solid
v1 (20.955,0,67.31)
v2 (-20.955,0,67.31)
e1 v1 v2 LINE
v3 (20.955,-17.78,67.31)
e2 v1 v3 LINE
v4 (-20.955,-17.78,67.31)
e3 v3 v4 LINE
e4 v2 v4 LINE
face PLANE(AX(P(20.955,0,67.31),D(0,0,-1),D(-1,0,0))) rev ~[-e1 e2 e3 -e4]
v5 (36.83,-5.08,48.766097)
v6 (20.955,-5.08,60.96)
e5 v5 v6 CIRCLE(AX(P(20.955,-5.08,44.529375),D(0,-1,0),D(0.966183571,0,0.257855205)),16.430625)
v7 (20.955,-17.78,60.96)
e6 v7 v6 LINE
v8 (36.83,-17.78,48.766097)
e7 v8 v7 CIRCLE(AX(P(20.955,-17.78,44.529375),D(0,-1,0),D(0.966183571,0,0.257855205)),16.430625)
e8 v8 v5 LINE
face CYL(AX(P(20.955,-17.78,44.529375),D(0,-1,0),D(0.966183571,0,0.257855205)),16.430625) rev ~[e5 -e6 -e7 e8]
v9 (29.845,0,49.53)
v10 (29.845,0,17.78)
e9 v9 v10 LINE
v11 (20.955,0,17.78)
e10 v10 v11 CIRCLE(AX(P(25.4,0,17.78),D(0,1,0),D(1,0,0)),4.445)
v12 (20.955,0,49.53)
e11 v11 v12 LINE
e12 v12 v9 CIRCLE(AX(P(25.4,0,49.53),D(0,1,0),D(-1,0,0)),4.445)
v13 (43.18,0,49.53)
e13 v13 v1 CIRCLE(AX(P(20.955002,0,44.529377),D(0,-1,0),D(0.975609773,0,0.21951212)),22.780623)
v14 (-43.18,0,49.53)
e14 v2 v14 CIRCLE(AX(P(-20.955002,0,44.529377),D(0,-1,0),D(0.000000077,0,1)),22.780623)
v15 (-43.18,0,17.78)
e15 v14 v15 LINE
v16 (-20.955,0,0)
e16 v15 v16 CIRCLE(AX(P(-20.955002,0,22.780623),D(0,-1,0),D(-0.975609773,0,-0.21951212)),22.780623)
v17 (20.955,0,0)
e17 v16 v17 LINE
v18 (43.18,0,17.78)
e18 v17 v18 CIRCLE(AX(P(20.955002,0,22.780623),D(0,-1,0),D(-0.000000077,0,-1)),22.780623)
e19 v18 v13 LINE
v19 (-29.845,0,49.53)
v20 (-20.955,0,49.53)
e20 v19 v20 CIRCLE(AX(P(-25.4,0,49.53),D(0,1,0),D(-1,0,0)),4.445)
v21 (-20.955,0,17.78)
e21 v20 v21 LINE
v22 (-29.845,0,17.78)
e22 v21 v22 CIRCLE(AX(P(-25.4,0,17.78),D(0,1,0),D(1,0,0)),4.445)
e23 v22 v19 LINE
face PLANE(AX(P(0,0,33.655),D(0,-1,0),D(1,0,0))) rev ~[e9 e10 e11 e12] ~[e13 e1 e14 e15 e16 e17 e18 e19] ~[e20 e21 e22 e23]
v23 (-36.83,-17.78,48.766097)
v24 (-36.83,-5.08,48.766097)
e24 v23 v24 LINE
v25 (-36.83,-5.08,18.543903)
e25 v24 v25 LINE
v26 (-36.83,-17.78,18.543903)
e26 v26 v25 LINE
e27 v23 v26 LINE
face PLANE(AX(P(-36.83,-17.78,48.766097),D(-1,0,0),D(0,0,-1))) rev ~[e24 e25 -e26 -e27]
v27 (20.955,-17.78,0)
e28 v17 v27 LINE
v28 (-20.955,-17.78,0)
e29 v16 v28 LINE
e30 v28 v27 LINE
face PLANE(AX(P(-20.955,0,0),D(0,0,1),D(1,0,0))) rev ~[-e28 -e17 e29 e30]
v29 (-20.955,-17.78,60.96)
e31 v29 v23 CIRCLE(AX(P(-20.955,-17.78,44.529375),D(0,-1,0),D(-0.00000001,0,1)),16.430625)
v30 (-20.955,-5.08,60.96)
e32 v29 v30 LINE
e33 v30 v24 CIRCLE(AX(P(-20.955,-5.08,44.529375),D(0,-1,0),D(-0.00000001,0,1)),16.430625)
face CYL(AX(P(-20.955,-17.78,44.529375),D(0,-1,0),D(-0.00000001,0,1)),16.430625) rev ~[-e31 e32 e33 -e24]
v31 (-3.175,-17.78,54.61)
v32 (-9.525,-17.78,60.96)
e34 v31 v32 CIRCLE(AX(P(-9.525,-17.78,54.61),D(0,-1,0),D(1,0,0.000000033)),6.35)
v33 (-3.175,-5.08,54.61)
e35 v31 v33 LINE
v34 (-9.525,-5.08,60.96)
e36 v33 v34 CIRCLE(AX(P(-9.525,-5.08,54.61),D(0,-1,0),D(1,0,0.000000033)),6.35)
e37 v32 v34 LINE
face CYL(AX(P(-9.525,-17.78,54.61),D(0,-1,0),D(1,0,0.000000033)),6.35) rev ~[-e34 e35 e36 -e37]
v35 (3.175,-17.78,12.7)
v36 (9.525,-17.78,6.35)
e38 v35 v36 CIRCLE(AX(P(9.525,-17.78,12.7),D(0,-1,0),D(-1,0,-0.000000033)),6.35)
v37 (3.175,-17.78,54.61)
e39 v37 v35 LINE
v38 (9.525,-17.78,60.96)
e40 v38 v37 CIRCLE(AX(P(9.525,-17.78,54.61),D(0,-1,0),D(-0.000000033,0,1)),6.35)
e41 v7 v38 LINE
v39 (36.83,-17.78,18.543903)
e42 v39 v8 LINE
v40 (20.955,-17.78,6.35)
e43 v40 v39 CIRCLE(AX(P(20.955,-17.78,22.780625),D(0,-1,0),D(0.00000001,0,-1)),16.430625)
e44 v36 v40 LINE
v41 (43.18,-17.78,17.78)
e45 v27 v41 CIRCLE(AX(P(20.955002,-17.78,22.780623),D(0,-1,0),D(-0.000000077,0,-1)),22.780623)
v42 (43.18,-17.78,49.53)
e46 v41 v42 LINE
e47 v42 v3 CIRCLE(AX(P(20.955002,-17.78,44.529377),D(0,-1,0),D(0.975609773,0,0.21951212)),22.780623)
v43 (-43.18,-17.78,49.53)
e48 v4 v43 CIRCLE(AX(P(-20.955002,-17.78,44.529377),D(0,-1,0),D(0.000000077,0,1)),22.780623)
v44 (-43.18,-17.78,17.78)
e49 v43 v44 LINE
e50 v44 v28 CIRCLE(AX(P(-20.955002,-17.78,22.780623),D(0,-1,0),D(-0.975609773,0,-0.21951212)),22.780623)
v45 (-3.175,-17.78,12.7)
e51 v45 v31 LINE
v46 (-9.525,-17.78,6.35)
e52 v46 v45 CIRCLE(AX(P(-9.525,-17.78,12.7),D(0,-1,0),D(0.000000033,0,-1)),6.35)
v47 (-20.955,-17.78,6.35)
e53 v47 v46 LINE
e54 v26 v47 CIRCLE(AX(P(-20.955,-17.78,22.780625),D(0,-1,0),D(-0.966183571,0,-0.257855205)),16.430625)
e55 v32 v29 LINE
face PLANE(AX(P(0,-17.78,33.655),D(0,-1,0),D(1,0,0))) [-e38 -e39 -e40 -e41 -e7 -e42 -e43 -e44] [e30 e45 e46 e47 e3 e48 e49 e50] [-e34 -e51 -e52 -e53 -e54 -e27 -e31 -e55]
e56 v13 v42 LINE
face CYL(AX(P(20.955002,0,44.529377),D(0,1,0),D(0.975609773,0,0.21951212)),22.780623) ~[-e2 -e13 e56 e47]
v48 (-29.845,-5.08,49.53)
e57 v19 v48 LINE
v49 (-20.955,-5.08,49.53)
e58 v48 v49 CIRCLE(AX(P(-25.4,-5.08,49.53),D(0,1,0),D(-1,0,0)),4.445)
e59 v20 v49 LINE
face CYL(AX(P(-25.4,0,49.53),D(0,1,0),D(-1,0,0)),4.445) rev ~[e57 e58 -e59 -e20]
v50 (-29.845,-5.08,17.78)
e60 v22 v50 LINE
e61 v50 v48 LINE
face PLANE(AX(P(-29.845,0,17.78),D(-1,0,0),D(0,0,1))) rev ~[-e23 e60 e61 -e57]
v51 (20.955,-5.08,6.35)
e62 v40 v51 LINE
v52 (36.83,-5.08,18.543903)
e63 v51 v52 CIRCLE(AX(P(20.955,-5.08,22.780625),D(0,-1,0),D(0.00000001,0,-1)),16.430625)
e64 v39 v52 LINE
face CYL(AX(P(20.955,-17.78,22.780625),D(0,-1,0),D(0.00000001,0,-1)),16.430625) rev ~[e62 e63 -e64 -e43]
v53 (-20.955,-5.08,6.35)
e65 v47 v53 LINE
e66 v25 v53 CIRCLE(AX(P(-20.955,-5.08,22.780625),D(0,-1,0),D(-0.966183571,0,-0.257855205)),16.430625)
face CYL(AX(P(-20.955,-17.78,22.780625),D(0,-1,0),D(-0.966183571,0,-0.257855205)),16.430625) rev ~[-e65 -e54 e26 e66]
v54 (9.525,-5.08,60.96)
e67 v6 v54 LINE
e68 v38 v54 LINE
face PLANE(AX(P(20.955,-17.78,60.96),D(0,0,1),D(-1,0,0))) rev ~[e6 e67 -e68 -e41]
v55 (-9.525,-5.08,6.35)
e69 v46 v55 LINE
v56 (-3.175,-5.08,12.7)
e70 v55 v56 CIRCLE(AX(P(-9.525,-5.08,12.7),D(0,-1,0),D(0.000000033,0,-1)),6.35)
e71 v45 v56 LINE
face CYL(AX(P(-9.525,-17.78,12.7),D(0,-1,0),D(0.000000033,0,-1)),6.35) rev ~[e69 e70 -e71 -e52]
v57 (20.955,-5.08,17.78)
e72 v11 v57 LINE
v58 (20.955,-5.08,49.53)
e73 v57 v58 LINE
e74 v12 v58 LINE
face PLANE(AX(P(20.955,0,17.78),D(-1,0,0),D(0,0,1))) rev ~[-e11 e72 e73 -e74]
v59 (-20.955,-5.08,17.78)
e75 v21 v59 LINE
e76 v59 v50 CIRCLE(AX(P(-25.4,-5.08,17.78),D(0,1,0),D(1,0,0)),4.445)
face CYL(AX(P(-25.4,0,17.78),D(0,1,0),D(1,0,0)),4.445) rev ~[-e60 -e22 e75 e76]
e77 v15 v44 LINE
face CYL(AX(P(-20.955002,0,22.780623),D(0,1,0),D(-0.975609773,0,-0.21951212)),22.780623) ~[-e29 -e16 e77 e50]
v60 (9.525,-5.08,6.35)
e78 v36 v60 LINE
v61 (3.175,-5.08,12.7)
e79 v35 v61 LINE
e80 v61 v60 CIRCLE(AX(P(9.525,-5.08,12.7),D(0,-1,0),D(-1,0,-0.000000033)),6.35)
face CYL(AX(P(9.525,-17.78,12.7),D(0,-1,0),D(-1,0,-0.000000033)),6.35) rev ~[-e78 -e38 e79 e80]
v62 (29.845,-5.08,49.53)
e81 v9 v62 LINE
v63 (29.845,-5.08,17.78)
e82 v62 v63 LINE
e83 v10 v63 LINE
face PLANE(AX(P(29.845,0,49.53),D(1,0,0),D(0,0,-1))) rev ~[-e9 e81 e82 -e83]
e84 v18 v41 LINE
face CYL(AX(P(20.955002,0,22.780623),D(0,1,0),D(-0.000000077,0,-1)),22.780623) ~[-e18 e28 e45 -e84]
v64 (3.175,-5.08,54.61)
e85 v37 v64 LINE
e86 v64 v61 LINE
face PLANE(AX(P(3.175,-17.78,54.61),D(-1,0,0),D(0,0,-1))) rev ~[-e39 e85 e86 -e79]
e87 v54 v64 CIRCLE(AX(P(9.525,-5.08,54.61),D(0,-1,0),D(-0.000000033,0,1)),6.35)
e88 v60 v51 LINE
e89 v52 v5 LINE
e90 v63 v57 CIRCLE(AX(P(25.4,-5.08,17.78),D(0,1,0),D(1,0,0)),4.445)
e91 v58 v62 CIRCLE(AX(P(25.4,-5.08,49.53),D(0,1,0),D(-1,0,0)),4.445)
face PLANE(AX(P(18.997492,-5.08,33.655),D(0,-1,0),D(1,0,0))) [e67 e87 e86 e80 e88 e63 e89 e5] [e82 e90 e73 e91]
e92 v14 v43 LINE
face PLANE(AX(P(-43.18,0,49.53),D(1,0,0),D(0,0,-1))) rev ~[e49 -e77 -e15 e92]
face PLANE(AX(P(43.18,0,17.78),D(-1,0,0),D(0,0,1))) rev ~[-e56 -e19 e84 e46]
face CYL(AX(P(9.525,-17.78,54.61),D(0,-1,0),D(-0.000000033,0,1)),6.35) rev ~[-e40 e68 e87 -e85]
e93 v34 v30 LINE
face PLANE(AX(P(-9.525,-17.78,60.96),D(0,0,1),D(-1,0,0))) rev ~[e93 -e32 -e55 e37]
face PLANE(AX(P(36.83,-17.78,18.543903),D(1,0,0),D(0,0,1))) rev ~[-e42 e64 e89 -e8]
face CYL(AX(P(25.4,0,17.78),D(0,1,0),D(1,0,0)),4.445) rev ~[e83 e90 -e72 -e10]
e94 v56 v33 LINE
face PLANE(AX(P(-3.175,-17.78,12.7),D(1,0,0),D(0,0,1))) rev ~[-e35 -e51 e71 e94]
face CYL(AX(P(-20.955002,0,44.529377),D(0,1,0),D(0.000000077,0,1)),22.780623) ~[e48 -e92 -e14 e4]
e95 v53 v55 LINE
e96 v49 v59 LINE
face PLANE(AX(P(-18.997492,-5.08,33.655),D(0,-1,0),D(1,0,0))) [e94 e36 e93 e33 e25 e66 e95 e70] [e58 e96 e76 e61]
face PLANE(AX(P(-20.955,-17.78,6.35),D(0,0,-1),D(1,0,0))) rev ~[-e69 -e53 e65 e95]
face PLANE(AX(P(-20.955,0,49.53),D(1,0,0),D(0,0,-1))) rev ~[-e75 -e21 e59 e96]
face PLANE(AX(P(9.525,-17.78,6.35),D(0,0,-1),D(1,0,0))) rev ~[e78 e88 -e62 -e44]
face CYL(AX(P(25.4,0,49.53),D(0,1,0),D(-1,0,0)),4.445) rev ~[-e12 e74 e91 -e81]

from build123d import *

# Parameters (mm, degrees)
F1_DEPTH = 17.78
F3_DEPTH = 12.7


with BuildPart() as f1:
    # F0 (on Front) → F1 (new body)
    with BuildSketch(Plane.XZ):
        with BuildLine():
            Line((-43.18, 33.655), (-43.18, 17.78))
            ThreePointArc((-43.18, 17.78), (-35.185944, 4.991945), (-20.955, 0))
            Line((-20.955, 0), (0, 0))
            Line((0, 0), (20.955, 0))
            ThreePointArc((20.955, 0), (35.185944, 4.991945), (43.18, 17.78))
            Line((43.18, 17.78), (43.18, 33.655))
            Line((43.18, 33.655), (43.18, 49.53))
            ThreePointArc((43.18, 49.53), (35.185944, 62.318055), (20.955, 67.31))
            Line((20.955, 67.31), (0, 67.31))
            Line((0, 67.31), (-20.955, 67.31))
            ThreePointArc((-20.955, 67.31), (-35.185944, 62.318055), (-43.18, 49.53))
            Line((-43.18, 49.53), (-43.18, 33.655))
        make_face()
        with BuildLine():
            Line((-20.955, 49.53), (-20.955, 17.78))
            ThreePointArc((-20.955, 17.78), (-25.4, 13.335), (-29.845, 17.78))
            Line((-29.845, 17.78), (-29.845, 49.53))
            ThreePointArc((-29.845, 49.53), (-25.4, 53.975), (-20.955, 49.53))
        make_face(mode=Mode.SUBTRACT)
        with BuildLine():
            Line((20.955, 17.78), (20.955, 49.53))
            ThreePointArc((20.955, 49.53), (25.4, 53.975), (29.845, 49.53))
            Line((29.845, 49.53), (29.845, 17.78))
            ThreePointArc((29.845, 17.78), (25.4, 13.335), (20.955, 17.78))
        make_face(mode=Mode.SUBTRACT)
    extrude(amount=F1_DEPTH)

    # F2 (on face) → F3 (cut)
    with BuildSketch(Plane.XZ.offset(17.78)):
        with BuildLine():
            ThreePointArc((-36.83, 18.543903), (-30.963832, 9.750325), (-20.955, 6.35))
            Line((-20.955, 6.35), (-9.525, 6.35))
            ThreePointArc((-9.525, 6.35), (-5.034872, 8.209872), (-3.175, 12.7))
            Line((-3.175, 12.7), (-3.175, 54.61))
            ThreePointArc((-3.175, 54.61), (-5.034872, 59.100128), (-9.525, 60.96))
            Line((-9.525, 60.96), (-20.955, 60.96))
            ThreePointArc((-20.955, 60.96), (-30.963832, 57.559675), (-36.83, 48.766097))
            Line((-36.83, 48.766097), (-36.83, 18.543903))
        make_face()
        with BuildLine():
            Line((20.955, 60.96), (9.525, 60.96))
            ThreePointArc((9.525, 60.96), (5.034872, 59.100128), (3.175, 54.61))
            Line((3.175, 54.61), (3.175, 12.7))
            ThreePointArc((3.175, 12.7), (5.034872, 8.209872), (9.525, 6.35))
            Line((9.525, 6.35), (20.955, 6.35))
            ThreePointArc((20.955, 6.35), (30.963832, 9.750325), (36.83, 18.543903))
            Line((36.83, 18.543903), (36.83, 48.766097))
            ThreePointArc((36.83, 48.766097), (30.963832, 57.559675), (20.955, 60.96))
        make_face()
    extrude(amount=-F3_DEPTH, mode=Mode.SUBTRACT)


solid = f1.part
